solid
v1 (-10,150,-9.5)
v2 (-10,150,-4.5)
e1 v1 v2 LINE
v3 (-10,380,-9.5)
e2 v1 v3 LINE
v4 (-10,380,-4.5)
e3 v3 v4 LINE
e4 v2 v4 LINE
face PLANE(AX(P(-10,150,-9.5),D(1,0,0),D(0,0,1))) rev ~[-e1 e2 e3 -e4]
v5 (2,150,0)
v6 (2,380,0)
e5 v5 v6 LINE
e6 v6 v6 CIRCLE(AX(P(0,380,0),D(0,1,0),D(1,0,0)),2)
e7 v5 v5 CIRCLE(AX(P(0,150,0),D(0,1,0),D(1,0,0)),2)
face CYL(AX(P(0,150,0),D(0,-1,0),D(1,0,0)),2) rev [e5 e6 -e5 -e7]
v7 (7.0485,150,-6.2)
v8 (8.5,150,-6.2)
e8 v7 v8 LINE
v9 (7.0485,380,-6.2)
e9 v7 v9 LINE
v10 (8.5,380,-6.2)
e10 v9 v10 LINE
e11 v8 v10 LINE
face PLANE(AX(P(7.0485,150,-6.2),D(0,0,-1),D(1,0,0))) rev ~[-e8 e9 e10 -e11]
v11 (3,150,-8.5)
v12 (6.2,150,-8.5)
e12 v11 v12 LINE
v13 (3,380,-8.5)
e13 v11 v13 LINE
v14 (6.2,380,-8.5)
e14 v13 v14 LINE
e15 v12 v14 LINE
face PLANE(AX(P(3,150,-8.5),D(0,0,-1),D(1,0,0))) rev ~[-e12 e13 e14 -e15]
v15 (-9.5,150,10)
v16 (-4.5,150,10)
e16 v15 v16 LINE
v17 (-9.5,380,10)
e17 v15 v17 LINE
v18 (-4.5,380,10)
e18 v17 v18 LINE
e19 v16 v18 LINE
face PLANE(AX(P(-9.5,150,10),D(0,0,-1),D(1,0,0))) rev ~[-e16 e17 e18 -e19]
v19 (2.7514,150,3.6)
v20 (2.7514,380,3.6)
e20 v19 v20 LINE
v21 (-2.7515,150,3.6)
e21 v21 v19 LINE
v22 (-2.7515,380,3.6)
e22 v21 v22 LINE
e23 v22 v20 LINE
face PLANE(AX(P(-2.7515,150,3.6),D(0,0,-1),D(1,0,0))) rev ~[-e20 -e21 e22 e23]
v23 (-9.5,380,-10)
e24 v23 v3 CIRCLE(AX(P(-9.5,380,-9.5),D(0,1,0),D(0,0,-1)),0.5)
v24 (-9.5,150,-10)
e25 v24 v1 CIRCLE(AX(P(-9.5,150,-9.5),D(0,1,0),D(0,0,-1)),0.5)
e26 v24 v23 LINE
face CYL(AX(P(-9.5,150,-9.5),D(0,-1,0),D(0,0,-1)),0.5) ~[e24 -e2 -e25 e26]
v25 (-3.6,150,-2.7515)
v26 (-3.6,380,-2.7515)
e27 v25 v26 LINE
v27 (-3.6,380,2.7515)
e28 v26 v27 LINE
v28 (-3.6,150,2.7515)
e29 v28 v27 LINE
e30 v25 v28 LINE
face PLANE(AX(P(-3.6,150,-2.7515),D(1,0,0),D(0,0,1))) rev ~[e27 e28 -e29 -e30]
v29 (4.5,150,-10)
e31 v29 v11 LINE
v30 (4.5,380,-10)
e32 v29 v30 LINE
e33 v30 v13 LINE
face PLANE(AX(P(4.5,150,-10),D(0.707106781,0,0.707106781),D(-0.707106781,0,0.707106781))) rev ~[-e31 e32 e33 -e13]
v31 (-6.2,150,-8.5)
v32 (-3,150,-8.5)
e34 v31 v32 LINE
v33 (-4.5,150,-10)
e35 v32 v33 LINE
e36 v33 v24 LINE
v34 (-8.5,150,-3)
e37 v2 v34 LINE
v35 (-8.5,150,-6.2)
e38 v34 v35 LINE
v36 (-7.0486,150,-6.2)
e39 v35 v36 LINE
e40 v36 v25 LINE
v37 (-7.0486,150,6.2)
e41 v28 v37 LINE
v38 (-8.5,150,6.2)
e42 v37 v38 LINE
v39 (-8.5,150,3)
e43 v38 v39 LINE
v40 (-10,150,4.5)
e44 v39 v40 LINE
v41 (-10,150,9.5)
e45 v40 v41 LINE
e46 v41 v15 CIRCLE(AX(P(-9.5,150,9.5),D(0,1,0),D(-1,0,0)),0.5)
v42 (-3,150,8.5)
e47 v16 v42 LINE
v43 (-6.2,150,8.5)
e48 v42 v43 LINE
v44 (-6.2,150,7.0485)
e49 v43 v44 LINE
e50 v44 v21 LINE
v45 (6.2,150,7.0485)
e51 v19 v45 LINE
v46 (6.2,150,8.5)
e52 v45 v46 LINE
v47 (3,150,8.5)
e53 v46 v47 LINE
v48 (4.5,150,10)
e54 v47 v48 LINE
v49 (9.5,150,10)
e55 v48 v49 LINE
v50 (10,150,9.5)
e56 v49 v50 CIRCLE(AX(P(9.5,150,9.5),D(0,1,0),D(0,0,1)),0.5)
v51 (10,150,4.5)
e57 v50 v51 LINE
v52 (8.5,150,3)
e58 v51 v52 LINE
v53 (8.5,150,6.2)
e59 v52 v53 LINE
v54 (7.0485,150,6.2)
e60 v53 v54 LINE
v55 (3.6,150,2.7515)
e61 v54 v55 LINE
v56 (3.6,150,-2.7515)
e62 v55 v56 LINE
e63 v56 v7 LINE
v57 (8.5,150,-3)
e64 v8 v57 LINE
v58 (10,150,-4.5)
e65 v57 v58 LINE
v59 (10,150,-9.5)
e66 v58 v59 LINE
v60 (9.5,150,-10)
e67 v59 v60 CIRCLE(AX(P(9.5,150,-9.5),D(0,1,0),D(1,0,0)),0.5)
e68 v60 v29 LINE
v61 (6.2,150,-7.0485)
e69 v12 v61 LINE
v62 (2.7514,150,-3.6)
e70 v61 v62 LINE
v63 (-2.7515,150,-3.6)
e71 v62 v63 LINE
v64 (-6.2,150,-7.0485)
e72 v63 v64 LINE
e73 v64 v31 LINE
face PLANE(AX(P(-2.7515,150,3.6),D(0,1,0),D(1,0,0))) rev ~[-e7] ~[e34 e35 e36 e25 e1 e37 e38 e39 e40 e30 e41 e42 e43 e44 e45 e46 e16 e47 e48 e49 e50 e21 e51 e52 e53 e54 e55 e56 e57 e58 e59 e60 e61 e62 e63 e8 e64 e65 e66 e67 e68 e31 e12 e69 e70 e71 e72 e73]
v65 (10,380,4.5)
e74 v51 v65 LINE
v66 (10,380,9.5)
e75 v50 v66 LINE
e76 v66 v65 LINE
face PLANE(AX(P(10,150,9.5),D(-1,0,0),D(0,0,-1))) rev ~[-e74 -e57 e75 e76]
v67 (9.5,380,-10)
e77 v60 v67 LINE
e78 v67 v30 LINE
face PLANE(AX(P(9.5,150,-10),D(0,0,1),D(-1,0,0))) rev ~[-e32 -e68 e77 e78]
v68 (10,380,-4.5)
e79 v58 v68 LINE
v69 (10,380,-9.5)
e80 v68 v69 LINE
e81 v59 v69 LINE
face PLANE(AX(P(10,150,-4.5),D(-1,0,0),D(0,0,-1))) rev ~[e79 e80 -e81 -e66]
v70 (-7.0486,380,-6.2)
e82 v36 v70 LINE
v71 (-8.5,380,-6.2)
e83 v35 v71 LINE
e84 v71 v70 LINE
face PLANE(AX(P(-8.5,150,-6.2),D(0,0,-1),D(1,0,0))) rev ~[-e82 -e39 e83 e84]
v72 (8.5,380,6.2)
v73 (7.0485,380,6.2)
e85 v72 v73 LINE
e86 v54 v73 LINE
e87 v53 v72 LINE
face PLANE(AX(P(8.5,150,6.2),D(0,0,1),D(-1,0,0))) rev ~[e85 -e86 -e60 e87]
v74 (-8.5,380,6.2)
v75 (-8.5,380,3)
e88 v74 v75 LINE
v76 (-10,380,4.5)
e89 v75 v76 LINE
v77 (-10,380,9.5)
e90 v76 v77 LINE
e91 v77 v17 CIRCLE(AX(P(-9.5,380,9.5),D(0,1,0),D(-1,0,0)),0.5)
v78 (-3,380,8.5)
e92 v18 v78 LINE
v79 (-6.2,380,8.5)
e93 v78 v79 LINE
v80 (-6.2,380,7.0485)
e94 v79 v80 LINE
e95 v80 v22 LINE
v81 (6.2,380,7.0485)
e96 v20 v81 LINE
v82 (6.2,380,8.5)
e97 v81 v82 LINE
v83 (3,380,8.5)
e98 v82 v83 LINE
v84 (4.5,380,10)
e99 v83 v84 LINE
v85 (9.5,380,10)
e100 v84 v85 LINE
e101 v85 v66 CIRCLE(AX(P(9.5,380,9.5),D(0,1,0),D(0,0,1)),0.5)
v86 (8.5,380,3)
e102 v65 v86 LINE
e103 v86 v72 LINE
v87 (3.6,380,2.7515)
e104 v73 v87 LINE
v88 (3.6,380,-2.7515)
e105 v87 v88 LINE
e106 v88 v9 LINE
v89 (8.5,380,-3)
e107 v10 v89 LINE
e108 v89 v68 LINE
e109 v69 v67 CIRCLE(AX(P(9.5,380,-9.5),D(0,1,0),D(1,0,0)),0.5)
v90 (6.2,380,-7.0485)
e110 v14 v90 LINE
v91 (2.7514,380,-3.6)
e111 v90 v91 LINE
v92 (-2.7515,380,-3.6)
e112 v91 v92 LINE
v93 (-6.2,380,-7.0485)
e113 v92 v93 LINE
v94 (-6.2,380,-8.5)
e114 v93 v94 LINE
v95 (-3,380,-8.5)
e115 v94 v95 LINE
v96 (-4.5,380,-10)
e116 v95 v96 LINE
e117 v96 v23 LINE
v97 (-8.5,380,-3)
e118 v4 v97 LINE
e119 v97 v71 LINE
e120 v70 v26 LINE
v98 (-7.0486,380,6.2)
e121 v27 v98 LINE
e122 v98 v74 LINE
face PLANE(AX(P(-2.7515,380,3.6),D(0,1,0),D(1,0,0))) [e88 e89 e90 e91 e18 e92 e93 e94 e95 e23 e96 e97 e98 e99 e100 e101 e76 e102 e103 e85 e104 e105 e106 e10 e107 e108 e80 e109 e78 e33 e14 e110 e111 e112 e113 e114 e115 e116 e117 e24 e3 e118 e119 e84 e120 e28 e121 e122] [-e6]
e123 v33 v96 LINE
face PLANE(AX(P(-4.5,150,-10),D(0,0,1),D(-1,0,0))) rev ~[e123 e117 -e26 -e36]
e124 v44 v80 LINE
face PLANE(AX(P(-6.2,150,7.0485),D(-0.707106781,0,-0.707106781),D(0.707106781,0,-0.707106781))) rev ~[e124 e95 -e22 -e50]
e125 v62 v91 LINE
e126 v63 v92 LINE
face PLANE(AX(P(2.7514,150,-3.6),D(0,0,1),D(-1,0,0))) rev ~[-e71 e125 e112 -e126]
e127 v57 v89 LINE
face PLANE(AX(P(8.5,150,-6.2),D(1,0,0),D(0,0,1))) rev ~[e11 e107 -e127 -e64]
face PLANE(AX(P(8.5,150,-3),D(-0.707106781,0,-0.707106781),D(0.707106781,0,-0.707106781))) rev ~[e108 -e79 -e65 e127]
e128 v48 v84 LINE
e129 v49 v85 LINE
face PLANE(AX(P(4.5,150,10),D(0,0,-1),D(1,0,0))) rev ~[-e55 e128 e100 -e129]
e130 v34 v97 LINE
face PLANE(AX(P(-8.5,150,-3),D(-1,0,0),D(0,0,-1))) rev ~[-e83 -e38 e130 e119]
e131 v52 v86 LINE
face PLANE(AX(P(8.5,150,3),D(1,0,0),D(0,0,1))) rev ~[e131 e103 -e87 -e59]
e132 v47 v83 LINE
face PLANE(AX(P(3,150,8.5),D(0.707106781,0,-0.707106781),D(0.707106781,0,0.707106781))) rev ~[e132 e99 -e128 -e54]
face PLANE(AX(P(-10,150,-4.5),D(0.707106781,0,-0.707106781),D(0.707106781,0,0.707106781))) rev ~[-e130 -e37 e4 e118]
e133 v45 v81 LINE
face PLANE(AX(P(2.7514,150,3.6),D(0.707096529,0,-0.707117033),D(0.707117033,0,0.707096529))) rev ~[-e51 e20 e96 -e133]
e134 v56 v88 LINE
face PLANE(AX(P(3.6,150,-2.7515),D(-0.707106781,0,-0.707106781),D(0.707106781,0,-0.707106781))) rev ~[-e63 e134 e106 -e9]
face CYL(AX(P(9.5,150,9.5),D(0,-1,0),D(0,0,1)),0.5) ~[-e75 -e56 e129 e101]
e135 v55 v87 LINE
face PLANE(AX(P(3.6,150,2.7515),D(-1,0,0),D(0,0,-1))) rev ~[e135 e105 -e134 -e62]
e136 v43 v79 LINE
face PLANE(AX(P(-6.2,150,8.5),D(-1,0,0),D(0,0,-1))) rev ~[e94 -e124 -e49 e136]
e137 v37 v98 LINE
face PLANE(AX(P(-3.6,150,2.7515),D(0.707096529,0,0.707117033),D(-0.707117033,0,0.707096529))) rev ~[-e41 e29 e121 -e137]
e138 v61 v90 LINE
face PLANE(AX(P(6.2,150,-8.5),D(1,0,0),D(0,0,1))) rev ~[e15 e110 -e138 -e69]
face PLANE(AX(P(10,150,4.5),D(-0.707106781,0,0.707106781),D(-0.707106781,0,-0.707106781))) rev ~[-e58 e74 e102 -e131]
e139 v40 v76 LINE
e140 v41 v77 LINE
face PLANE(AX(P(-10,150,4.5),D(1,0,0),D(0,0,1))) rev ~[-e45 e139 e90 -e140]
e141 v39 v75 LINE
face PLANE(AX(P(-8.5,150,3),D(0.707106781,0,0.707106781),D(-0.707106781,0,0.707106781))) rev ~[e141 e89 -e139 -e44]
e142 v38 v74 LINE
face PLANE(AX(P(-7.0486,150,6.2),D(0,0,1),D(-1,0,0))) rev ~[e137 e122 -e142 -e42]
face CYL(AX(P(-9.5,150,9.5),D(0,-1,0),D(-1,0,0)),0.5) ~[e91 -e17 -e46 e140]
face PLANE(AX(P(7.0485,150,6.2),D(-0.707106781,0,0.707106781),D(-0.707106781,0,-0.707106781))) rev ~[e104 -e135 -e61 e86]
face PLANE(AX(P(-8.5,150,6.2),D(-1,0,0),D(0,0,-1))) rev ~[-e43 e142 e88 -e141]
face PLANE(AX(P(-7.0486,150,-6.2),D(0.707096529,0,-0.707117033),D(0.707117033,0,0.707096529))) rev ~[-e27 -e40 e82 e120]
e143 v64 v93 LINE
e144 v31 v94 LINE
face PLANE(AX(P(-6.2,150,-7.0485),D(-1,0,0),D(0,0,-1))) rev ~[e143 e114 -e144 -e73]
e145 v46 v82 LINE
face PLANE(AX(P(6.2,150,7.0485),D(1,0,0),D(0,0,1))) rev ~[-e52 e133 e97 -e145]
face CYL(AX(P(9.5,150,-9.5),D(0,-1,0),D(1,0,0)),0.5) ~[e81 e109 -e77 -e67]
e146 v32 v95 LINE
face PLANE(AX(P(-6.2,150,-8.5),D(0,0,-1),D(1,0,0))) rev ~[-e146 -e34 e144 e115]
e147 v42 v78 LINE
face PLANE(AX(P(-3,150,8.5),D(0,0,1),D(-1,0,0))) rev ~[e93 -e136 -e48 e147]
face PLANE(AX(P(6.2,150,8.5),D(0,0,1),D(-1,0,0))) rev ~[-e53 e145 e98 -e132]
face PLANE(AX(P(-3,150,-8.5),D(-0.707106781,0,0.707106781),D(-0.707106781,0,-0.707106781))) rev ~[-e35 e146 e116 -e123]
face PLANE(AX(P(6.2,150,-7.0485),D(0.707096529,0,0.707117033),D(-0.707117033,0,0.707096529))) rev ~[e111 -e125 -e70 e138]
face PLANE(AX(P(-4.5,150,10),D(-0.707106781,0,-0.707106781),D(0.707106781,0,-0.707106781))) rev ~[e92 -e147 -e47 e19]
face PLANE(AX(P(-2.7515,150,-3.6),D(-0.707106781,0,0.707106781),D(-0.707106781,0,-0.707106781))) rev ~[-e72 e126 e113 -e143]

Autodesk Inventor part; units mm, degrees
ref_plane "YZ Plane" through (0, 0, 0) normal (1, 0, 0) x (0, 1, 0)
ref_plane "XZ Plane" through (0, 0, 0) normal (0, 1, 0) x (-1, 0, 0)
ref_plane "Work Plane1" through (-2.7515, 150, 3.6) normal (0, 1, 0) x (1, 0, 0)
sketch "Sketch1" plane through (-2.7515, 150, 3.6) normal (0, 1, 0) x (1, 0, 0)
  arc A0 (-6.7485, 13.6) -> (-7.2485, 13.1) centre (-6.7485, 13.1) ccw projected
  line L0 (-7.2485, 13.1) -> (-7.2485, 8.1) projected
  line L1 (-7.2485, 8.1) -> (-5.7485, 6.6) projected
  line L2 (-5.7485, 6.6) -> (-5.7485, 9.8) projected
  line L3 (-5.7485, 9.8) -> (-4.2971, 9.8) projected
  line L4 (-4.2971, 9.8) -> (-0.8485, 6.3515) projected
  line L5 (-0.8485, 6.3515) -> (-0.8485, 0.8485) projected
  line L6 (-0.8485, 0.8485) -> (-4.2971, -2.6) projected
  line L7 (-4.2971, -2.6) -> (-5.7485, -2.6) projected
  line L8 (-5.7485, -2.6) -> (-5.7485, 0.6) projected
  line L9 (-5.7485, 0.6) -> (-7.2485, -0.9) projected
  line L10 (-7.2485, -0.9) -> (-7.2485, -5.9) projected
  arc A1 (-7.2485, -5.9) -> (-6.7485, -6.4) centre (-6.7485, -5.9) ccw projected
  line L11 (-6.7485, -6.4) -> (-1.7485, -6.4) projected
  line L12 (-1.7485, -6.4) -> (-0.2485, -4.9) projected
  line L13 (-0.2485, -4.9) -> (-3.4485, -4.9) projected
  line L14 (-3.4485, -4.9) -> (-3.4485, -3.4485) projected
  line L15 (-3.4485, -3.4485) -> (0, 0) projected
  line L16 (0, 0) -> (5.5029, 0) projected
  line L17 (5.5029, 0) -> (8.9515, -3.4485) projected
  line L18 (8.9515, -3.4485) -> (8.9515, -4.9) projected
  line L19 (8.9515, -4.9) -> (5.7515, -4.9) projected
  line L20 (5.7515, -4.9) -> (7.2515, -6.4) projected
  line L21 (7.2515, -6.4) -> (12.2515, -6.4) projected
  arc A2 (12.2515, -6.4) -> (12.7515, -5.9) centre (12.2515, -5.9) ccw projected
  line L22 (12.7515, -5.9) -> (12.7515, -0.9) projected
  line L23 (12.7515, -0.9) -> (11.2515, 0.6) projected
  line L24 (11.2515, 0.6) -> (11.2515, -2.6) projected
  line L25 (11.2515, -2.6) -> (9.8, -2.6) projected
  line L26 (9.8, -2.6) -> (6.3515, 0.8485) projected
  line L27 (6.3515, 0.8485) -> (6.3515, 6.3515) projected
  line L28 (6.3515, 6.3515) -> (9.8, 9.8) projected
  line L29 (9.8, 9.8) -> (11.2515, 9.8) projected
  line L30 (11.2515, 9.8) -> (11.2515, 6.6) projected
  line L31 (11.2515, 6.6) -> (12.7515, 8.1) projected
  line L32 (12.7515, 8.1) -> (12.7515, 13.1) projected
  arc A3 (12.7515, 13.1) -> (12.2515, 13.6) centre (12.2515, 13.1) ccw projected
  line L33 (12.2515, 13.6) -> (7.2515, 13.6) projected
  line L34 (7.2515, 13.6) -> (5.7515, 12.1) projected
  line L35 (5.7515, 12.1) -> (8.9515, 12.1) projected
  line L36 (8.9515, 12.1) -> (8.9515, 10.6485) projected
  line L37 (8.9515, 10.6485) -> (5.5029, 7.2) projected
  line L38 (5.5029, 7.2) -> (0, 7.2) projected
  line L39 (0, 7.2) -> (-3.4485, 10.6485) projected
  line L40 (-3.4485, 10.6485) -> (-3.4485, 12.1) projected
  line L41 (-3.4485, 12.1) -> (-0.2485, 12.1) projected
  line L42 (-0.2485, 12.1) -> (-1.7485, 13.6) projected
  line L43 (-1.7485, 13.6) -> (-6.7485, 13.6) projected
  circle A4 centre (2.7515, 3.6) radius 2 projected
extrude "Extrusion1" add sketch "Sketch1" along normal blind 230
ref_plane "Work Plane2" through (0, 150, -9.5) normal (1, 0, 0) x (0, 0, -1)
ref_plane "Work Plane3" through (-4.5, 150, 0) normal (0, 0, 1) x (1, 0, 0)
properties part number "20x20mmx150mm alminum profile" material "Aluminum 6061"
